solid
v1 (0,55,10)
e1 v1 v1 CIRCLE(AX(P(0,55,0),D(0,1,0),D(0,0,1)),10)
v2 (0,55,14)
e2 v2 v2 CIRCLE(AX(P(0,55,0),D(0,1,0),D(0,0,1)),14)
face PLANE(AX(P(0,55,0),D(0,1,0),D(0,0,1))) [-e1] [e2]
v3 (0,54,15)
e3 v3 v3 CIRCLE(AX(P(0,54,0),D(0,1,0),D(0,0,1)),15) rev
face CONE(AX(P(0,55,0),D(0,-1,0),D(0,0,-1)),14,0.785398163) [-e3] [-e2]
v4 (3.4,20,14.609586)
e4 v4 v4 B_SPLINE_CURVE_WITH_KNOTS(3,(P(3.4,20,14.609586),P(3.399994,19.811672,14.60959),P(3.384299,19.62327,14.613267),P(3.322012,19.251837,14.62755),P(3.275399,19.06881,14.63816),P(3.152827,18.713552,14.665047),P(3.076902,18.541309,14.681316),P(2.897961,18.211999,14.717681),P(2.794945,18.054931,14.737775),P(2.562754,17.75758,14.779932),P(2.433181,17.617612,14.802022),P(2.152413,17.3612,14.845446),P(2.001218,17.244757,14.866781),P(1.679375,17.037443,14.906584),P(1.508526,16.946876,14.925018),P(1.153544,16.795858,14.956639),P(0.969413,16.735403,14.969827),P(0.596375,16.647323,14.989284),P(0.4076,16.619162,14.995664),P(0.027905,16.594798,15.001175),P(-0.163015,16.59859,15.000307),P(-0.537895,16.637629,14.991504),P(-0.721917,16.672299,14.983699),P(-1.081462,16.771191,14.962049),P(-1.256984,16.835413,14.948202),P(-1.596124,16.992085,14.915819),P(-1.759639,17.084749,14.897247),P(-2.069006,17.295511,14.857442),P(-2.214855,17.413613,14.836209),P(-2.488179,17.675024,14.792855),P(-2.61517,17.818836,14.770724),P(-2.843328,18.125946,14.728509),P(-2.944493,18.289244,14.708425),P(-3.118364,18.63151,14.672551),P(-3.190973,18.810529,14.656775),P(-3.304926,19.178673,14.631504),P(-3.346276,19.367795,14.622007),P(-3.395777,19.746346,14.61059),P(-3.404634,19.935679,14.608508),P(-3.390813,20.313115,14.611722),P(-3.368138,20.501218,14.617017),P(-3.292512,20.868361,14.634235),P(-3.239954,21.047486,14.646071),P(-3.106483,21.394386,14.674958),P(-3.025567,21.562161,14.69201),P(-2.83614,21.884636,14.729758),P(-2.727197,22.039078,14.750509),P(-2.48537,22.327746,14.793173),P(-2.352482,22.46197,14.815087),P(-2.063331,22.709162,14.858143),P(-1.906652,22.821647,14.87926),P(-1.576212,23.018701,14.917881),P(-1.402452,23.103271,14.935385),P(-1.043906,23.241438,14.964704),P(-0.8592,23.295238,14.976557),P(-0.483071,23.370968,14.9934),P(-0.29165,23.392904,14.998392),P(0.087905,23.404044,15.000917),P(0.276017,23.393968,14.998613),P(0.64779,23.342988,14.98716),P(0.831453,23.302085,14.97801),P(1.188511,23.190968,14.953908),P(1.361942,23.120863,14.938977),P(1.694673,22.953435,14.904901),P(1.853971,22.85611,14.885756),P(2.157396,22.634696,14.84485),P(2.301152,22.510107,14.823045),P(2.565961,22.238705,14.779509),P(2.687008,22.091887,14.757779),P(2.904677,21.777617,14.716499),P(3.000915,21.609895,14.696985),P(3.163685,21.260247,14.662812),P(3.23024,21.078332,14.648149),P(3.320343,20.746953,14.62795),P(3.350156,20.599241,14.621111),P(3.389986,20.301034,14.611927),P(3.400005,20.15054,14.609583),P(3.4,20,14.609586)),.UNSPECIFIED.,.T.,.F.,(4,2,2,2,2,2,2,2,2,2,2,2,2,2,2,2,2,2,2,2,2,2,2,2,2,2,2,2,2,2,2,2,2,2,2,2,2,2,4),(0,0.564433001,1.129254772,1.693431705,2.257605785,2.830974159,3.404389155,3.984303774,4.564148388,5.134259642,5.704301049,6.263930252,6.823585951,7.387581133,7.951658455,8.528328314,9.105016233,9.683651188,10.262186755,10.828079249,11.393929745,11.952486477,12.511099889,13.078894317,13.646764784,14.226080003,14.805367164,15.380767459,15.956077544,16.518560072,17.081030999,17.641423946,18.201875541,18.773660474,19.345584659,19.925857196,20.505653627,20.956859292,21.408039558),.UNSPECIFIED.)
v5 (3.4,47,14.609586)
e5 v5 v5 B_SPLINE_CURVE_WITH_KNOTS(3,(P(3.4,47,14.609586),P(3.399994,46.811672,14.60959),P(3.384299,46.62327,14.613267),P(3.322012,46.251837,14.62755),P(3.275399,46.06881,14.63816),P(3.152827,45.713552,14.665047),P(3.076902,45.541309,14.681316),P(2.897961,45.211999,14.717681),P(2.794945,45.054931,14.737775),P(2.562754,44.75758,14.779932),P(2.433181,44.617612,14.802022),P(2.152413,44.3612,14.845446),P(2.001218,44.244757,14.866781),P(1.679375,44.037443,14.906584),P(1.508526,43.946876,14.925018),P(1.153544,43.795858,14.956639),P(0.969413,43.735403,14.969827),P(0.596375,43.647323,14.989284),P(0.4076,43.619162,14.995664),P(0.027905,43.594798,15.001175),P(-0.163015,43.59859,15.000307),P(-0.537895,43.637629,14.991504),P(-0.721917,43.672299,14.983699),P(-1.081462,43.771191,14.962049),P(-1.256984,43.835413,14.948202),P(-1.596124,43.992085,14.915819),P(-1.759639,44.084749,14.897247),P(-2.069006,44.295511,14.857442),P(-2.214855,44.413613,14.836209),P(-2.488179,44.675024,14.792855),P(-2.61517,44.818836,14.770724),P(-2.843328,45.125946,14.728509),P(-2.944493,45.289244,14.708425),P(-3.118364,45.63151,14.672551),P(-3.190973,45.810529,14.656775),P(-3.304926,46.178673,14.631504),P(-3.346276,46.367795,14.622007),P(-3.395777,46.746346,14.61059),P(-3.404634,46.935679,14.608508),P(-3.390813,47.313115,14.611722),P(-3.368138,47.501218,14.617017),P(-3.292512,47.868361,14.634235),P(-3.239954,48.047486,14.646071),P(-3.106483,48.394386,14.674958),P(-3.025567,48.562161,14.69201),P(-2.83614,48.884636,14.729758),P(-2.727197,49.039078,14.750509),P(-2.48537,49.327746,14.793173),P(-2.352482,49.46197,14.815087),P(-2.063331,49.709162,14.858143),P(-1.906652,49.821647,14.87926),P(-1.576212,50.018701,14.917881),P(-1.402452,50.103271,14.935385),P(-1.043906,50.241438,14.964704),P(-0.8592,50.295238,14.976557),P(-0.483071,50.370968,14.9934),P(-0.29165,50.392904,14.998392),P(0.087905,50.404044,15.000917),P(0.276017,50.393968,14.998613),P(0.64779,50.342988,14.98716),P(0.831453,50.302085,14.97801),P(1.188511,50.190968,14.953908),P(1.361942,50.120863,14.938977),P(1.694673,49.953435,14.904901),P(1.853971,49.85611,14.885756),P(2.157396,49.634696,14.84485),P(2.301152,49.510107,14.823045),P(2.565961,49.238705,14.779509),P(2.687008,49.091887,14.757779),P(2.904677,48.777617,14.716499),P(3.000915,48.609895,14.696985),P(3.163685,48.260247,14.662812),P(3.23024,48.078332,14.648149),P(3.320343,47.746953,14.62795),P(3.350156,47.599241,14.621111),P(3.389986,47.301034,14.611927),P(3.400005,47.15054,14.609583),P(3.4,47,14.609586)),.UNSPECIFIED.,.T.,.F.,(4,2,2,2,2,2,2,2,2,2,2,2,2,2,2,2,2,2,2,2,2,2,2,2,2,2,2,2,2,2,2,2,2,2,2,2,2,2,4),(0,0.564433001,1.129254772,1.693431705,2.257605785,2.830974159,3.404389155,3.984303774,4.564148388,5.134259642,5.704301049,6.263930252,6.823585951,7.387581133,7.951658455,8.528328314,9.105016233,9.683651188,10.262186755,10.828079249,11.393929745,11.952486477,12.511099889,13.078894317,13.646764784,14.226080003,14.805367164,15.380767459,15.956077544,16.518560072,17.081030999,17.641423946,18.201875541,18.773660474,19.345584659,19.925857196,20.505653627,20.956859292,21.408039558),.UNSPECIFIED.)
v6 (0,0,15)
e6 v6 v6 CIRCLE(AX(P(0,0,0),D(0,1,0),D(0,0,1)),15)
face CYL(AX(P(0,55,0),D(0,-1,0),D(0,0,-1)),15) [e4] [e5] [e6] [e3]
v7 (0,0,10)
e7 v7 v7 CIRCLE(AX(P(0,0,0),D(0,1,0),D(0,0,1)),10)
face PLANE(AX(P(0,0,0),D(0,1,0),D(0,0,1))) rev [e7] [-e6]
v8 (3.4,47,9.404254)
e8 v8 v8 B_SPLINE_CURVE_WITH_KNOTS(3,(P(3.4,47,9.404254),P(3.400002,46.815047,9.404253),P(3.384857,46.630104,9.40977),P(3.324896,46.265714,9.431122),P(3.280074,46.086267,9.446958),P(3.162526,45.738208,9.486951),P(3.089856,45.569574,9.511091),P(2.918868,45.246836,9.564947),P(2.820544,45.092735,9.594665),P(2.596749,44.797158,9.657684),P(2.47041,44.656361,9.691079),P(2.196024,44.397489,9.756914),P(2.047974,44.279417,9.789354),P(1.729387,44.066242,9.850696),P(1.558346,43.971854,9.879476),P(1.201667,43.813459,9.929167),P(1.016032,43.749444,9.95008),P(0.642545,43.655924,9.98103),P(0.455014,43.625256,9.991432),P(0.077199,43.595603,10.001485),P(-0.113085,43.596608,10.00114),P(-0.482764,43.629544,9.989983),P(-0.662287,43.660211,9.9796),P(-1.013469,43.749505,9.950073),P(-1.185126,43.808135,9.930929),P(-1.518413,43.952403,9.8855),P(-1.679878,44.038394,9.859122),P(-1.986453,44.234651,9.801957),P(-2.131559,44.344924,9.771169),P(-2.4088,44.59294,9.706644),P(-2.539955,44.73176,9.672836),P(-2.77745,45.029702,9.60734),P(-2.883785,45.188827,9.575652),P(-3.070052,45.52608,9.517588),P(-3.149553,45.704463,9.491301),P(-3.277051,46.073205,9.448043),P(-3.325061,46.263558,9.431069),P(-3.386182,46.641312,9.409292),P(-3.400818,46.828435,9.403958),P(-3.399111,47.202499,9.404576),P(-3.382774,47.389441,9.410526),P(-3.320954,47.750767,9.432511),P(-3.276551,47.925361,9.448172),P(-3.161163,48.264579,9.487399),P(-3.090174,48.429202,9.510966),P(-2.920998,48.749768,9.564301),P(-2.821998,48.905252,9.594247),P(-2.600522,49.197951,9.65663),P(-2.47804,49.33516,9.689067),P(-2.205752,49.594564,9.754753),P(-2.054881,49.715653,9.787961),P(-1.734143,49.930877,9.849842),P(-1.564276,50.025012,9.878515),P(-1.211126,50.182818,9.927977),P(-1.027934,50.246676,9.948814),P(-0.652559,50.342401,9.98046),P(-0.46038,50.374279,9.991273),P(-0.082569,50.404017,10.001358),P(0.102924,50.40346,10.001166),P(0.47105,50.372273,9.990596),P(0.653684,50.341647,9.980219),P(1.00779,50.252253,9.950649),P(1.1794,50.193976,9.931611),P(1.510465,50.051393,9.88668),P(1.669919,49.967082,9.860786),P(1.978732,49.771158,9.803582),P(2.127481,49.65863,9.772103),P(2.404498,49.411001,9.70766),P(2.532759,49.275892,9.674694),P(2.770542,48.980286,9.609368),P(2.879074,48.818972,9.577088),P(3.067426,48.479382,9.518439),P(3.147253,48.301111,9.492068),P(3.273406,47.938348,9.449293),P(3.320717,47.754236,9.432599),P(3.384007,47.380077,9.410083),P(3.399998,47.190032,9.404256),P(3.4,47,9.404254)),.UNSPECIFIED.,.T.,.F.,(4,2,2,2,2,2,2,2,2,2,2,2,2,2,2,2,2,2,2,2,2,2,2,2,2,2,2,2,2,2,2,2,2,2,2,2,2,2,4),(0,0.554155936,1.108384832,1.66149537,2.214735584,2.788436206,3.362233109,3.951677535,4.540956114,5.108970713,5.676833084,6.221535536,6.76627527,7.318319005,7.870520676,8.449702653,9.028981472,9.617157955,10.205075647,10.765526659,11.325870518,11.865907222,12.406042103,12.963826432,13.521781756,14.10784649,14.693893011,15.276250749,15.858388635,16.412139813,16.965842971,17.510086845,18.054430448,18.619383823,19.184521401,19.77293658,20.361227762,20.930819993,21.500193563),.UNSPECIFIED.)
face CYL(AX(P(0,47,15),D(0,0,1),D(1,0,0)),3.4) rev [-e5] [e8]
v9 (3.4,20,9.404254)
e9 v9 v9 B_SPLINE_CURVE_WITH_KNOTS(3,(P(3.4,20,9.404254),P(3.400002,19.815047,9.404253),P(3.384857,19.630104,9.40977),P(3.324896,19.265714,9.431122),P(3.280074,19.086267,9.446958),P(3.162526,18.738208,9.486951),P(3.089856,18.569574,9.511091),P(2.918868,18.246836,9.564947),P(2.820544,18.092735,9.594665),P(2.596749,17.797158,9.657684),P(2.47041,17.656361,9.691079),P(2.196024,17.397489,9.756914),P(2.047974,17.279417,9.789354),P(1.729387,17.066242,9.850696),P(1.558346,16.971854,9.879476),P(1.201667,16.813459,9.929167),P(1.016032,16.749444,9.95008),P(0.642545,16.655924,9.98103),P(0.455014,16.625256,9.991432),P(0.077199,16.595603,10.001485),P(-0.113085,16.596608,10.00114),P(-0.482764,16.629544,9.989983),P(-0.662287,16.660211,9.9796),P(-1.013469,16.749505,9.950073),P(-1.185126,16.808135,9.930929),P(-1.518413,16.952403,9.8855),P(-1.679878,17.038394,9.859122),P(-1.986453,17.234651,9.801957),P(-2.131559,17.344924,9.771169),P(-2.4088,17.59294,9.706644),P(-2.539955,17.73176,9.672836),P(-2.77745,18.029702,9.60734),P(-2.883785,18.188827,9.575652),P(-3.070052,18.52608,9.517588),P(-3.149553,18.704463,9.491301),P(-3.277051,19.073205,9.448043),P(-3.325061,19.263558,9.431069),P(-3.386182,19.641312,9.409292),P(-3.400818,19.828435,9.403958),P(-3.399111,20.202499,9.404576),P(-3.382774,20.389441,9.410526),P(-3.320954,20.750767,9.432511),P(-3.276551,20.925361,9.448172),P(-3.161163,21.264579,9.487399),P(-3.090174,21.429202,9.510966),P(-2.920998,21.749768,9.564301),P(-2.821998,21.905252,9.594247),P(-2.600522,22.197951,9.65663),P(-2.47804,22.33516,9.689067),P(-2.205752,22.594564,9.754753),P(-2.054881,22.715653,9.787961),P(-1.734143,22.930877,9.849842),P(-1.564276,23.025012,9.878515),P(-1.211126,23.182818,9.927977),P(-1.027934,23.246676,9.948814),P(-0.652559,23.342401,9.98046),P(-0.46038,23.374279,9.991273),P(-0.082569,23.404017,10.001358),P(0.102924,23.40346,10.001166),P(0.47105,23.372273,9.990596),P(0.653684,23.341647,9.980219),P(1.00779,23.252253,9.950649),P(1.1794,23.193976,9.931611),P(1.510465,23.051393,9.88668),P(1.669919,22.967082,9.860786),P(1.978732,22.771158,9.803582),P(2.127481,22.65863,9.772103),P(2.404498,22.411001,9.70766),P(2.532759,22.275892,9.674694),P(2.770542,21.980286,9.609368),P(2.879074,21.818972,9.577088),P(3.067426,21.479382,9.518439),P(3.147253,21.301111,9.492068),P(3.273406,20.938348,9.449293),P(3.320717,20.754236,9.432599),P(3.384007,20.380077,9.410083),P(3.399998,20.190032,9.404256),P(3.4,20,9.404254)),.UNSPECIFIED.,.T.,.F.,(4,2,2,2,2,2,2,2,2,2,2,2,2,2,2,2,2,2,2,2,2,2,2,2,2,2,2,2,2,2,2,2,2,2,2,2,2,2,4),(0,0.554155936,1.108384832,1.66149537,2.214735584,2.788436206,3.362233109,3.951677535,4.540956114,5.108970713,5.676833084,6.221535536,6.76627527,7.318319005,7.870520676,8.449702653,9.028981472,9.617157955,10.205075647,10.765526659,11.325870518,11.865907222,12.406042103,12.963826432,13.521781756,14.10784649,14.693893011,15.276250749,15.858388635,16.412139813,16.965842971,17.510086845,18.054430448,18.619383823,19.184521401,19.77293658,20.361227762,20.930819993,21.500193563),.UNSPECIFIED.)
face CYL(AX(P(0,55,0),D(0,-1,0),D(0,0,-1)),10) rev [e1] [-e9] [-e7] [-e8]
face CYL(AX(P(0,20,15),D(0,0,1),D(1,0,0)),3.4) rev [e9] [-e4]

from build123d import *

# Parameters (mm, degrees)
SKETCH1_R              = 15
SKETCH1_R_2            = 10
BOSS_EXTRUDE1_DEPTH    = 55
M8_TAPPED_HOLE1_REACH  = 66.42
M8_TAPPED_HOLE1_BORE_R = 3.4
CHAMFER1_SIZE          = 1


with BuildPart() as part:
    # Sketch1 → Boss-Extrude1 (new body)
    with BuildSketch(Plane(origin=(0, 0, 0), x_dir=(1, 0, 0), z_dir=(0, 1, 0))):
        with Locations(Location((0, 0, 0), (0, 0, 270))):
            Circle(SKETCH1_R)
        with Locations(Location((0, 0, 0), (0, 0, 270))):
            Circle(SKETCH1_R_2, mode=Mode.SUBTRACT)
    extrude(amount=BOSS_EXTRUDE1_DEPTH)

    # M8 Tapped Hole1 bore → M8 Tapped Hole1 (cut, up to next)
    with BuildSketch(Plane.XY.offset(15), mode=Mode.PRIVATE) as m8_tapped_hole1_sk1:
        with Locations((0, 47)):
            Circle(M8_TAPPED_HOLE1_BORE_R)
    m8_tapped_hole1_tool1 = extrude(m8_tapped_hole1_sk1.sketch, amount=-M8_TAPPED_HOLE1_REACH, mode=Mode.PRIVATE) & part.part
    # M8 Tapped Hole1 bore → M8 Tapped Hole1 (cut, up to next)
    with BuildSketch(Plane.XY.offset(15), mode=Mode.PRIVATE) as m8_tapped_hole1_sk2:
        with Locations((0, 20)):
            Circle(M8_TAPPED_HOLE1_BORE_R)
    m8_tapped_hole1_tool2 = extrude(m8_tapped_hole1_sk2.sketch, amount=-M8_TAPPED_HOLE1_REACH, mode=Mode.PRIVATE) & part.part
    add(m8_tapped_hole1_tool1.solids().sort_by_distance((0, 47, 15))[0], mode=Mode.SUBTRACT)
    add(m8_tapped_hole1_tool2.solids().sort_by_distance((0, 20, 15))[0], mode=Mode.SUBTRACT)

    # Chamfer1
    chamfer1_edges = [part.edges().sort_by_distance(p)[0] for p in [
        (0, 55, -15),
    ]]
    chamfer(chamfer1_edges, length=CHAMFER1_SIZE)


solid = part.part
